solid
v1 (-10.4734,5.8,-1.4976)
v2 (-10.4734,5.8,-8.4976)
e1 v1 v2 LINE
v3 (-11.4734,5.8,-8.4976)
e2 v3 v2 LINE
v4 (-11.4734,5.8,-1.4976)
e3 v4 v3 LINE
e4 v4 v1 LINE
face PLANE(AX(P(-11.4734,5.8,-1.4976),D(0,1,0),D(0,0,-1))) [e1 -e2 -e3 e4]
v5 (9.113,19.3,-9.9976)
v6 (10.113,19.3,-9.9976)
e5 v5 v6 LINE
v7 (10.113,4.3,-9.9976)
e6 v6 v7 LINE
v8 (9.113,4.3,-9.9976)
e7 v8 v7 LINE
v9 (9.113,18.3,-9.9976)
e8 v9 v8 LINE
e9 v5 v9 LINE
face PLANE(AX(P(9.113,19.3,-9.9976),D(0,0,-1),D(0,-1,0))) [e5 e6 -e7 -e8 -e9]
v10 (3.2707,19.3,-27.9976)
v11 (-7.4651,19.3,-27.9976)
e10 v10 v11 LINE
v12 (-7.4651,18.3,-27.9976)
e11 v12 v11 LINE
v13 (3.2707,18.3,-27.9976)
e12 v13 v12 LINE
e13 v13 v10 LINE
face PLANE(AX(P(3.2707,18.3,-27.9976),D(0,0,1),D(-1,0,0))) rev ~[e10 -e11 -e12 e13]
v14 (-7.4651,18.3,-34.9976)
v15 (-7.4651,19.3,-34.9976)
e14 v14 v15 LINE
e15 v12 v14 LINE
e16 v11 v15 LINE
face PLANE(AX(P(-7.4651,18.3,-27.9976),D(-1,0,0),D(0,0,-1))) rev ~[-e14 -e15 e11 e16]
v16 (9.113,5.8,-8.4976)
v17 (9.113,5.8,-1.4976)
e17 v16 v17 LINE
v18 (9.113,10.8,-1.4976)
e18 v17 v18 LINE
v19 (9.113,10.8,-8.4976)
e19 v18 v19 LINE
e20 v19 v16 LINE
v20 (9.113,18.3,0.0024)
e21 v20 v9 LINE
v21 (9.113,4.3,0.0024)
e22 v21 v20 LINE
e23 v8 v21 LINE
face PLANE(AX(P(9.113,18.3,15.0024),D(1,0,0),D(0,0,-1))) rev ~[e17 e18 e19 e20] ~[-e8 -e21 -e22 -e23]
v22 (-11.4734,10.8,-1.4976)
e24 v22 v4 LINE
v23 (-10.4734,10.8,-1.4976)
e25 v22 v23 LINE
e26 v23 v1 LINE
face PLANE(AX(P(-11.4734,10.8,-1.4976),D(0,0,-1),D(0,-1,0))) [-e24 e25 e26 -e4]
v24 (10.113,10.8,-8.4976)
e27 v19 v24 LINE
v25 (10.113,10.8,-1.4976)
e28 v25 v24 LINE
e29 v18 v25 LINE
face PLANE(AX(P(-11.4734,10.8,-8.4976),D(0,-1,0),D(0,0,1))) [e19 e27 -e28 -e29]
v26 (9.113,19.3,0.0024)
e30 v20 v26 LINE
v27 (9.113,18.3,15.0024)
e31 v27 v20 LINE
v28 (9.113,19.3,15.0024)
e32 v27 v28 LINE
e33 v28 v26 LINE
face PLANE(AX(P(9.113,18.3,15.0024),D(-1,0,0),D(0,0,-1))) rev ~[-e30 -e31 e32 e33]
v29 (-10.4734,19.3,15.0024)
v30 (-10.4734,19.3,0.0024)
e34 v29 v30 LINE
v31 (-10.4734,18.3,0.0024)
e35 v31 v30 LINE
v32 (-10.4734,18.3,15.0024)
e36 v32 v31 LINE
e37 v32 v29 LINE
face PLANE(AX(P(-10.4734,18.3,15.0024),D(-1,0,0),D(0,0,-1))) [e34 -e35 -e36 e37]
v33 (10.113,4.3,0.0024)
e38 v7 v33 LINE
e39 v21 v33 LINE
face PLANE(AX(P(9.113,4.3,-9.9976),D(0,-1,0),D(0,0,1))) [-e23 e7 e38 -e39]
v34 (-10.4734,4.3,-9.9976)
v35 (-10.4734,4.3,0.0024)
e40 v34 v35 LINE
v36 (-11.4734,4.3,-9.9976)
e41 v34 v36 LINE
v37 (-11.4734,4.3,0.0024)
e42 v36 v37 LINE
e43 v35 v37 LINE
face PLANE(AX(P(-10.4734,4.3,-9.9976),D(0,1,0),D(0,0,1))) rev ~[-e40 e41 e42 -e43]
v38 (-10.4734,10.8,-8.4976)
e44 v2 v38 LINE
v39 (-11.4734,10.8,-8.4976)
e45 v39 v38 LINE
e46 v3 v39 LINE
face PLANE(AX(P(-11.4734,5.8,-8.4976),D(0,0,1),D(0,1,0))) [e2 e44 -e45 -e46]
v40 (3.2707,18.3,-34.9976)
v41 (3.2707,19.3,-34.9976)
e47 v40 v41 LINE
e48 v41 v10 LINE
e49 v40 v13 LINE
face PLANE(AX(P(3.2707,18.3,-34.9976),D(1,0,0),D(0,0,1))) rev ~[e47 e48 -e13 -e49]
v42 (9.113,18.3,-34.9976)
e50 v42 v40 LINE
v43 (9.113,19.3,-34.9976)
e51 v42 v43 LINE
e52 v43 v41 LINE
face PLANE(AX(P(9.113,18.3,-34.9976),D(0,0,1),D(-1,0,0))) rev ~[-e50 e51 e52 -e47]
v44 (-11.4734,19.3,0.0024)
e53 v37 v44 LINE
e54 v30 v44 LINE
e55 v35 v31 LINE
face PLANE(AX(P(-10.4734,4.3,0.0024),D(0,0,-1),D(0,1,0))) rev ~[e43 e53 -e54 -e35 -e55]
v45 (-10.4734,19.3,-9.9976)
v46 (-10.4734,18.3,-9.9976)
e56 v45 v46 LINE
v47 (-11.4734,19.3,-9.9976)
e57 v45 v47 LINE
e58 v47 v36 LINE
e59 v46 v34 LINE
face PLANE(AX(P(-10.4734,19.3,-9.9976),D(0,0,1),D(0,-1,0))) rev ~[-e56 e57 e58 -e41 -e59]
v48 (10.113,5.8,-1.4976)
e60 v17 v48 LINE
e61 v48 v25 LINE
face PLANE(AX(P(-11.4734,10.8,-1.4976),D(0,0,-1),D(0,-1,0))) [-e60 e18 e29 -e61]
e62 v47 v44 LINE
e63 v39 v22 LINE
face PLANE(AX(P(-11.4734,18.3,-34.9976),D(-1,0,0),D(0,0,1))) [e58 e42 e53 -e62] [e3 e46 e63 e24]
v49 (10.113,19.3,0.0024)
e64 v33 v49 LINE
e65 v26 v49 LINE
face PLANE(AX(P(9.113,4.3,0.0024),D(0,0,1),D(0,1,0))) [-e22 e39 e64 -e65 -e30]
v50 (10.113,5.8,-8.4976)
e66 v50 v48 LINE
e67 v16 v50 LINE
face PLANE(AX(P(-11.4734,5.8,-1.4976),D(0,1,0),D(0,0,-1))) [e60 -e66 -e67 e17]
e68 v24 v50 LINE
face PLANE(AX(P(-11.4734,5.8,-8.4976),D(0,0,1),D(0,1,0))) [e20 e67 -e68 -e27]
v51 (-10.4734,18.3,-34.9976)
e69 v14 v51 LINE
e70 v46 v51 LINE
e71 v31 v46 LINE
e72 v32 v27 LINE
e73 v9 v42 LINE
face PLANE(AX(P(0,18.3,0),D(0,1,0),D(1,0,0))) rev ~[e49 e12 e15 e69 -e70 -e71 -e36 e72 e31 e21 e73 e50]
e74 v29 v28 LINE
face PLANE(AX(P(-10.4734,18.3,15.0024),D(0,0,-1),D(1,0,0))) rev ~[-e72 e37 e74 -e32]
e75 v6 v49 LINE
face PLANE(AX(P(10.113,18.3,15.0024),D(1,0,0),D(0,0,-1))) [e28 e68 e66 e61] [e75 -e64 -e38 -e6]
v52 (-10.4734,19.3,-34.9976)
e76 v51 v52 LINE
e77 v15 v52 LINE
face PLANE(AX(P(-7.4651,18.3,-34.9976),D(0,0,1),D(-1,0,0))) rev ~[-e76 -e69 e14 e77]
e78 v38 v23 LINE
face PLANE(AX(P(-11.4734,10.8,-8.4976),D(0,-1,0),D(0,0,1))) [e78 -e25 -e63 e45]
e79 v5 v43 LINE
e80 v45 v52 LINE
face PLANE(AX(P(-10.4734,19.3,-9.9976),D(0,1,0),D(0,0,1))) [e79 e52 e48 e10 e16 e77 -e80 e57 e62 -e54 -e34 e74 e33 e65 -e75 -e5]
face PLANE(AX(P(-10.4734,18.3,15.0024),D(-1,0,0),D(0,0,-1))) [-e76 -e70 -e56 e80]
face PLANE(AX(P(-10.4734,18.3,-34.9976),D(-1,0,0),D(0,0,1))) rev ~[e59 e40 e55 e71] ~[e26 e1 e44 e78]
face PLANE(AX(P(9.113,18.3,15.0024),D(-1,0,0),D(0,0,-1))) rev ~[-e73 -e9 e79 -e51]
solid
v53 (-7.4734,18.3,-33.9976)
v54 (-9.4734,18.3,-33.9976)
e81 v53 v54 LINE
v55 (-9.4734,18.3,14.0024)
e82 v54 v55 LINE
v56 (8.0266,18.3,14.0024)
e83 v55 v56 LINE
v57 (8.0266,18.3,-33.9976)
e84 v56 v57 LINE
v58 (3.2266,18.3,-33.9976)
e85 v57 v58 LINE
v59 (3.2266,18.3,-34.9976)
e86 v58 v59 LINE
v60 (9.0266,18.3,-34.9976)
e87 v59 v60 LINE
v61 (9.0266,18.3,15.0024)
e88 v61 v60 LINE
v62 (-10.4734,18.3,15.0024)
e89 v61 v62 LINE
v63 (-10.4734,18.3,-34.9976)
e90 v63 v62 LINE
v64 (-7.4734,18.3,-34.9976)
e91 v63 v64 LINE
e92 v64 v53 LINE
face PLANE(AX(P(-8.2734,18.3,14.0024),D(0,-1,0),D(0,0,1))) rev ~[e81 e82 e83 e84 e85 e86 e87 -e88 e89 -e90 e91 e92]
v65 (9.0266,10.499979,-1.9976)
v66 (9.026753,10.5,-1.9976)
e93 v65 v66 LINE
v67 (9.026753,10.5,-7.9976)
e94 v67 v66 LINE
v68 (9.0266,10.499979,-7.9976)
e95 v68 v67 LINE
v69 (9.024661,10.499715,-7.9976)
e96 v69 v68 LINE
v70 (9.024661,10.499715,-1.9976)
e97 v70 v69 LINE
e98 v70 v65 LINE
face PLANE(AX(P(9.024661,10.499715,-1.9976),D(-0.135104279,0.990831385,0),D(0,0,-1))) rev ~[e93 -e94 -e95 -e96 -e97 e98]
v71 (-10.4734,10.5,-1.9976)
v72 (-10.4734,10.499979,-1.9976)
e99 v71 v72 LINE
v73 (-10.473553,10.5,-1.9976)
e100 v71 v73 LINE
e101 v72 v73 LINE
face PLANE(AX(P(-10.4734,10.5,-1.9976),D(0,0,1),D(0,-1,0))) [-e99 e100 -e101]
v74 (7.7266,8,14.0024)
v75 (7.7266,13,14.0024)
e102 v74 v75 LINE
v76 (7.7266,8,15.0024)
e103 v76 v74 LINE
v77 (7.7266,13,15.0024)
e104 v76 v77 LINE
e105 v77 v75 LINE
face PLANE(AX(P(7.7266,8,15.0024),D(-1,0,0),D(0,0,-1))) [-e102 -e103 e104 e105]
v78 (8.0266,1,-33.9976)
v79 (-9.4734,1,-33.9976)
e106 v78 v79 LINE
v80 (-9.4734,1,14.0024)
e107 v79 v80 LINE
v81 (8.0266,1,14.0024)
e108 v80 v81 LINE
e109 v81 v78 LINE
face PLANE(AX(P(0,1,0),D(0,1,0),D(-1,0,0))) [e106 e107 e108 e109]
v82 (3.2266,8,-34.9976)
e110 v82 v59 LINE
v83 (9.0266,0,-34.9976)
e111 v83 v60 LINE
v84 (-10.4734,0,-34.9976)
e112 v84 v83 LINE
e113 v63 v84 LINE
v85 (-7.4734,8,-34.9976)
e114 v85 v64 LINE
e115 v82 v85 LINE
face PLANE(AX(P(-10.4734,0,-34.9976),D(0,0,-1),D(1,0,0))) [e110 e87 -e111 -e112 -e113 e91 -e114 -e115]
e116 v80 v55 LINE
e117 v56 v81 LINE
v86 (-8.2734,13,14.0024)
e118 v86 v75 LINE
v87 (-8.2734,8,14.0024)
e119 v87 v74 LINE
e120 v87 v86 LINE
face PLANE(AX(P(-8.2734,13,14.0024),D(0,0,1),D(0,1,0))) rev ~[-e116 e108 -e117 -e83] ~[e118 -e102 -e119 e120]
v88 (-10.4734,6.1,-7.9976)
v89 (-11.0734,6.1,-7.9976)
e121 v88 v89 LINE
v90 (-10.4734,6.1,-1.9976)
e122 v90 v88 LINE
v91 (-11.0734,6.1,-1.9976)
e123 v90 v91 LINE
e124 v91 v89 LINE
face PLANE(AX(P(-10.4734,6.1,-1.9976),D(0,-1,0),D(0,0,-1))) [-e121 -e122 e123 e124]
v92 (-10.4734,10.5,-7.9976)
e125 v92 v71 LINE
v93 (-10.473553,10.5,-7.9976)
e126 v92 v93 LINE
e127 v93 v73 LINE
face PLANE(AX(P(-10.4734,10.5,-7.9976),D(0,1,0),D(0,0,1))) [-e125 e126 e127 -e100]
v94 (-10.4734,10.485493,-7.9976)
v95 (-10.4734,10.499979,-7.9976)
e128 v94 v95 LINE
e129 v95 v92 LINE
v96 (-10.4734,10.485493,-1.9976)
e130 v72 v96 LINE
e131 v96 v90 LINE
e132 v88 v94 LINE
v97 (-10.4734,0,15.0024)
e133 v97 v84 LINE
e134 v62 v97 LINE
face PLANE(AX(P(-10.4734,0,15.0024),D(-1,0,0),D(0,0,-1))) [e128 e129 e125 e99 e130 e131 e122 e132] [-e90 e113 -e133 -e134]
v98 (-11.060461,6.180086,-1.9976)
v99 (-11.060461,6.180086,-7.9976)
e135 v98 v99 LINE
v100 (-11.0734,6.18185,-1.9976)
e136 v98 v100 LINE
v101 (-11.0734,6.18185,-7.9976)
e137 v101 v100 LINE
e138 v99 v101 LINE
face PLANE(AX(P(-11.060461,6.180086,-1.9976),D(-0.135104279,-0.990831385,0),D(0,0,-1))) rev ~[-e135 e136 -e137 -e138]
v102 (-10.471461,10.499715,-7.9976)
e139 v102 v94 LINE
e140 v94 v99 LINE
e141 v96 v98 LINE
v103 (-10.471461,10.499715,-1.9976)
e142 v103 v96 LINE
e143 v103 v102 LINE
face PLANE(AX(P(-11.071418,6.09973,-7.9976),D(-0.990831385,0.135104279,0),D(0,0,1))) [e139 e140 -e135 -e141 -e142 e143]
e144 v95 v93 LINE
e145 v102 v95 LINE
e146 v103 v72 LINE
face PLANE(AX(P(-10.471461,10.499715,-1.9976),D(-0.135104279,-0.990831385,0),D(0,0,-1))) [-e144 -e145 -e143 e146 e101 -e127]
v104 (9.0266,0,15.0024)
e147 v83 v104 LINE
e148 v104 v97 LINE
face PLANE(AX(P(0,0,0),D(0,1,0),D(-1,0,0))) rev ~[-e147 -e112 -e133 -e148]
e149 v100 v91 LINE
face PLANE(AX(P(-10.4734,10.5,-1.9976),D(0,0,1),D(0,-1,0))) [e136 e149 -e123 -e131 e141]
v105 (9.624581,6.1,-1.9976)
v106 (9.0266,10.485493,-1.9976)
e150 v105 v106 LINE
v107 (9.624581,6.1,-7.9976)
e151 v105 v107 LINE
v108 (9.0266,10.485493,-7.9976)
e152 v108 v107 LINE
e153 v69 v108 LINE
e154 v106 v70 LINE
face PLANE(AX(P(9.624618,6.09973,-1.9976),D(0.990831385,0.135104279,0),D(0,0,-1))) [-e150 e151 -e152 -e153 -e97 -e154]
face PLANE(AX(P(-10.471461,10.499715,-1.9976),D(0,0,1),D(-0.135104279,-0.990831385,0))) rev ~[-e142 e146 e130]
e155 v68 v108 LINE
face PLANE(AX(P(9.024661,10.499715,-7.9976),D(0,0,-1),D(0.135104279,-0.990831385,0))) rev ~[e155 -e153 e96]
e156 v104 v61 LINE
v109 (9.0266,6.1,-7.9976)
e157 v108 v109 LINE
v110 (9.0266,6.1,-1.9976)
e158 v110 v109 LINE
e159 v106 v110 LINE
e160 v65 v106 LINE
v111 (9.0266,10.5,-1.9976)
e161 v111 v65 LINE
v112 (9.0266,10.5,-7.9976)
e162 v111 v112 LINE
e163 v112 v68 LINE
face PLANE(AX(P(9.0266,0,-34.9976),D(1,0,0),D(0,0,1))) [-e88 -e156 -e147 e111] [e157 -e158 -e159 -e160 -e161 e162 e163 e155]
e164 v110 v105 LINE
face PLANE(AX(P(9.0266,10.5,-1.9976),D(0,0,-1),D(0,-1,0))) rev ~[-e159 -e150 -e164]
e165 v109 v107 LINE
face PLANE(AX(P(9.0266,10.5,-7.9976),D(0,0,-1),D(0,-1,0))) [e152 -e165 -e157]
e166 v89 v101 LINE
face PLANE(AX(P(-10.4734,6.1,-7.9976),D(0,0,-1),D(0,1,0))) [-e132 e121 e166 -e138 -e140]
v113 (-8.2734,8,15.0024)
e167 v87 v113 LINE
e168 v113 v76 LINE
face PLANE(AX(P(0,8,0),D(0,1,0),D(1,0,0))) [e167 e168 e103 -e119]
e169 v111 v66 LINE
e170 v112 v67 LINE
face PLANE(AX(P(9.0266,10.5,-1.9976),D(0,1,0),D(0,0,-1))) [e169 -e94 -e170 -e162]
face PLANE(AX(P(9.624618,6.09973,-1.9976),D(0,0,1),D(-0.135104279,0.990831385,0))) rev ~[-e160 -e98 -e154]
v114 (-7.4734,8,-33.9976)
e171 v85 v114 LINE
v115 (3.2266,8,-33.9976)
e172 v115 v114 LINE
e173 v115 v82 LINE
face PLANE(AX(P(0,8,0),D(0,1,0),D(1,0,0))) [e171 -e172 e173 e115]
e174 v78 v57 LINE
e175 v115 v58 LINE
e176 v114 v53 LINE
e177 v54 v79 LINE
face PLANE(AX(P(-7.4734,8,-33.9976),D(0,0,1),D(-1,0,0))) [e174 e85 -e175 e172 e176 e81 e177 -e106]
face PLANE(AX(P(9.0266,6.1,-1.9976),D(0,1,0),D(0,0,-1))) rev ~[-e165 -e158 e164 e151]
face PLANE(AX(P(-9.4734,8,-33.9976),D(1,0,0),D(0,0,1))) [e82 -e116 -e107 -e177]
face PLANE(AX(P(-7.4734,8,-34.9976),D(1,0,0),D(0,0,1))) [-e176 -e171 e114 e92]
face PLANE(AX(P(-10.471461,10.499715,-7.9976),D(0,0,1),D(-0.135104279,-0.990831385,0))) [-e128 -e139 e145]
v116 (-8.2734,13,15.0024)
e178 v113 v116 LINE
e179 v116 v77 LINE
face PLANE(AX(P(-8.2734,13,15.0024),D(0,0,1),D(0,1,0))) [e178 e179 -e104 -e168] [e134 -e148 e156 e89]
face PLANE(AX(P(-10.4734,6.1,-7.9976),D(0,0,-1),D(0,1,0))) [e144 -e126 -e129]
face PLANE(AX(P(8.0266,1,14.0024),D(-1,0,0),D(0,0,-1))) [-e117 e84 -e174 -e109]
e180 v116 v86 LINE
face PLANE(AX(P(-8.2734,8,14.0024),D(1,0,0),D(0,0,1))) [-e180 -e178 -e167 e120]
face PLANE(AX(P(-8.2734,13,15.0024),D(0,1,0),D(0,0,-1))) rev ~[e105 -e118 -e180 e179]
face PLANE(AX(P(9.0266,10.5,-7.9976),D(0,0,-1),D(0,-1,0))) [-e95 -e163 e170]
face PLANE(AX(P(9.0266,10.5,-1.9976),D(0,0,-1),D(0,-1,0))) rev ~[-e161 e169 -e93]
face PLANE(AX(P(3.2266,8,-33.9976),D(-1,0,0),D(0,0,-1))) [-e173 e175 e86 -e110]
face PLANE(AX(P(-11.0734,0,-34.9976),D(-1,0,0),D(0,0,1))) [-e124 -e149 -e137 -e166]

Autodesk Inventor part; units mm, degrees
ref_plane "YZ Plane" through (0, 0, 0) normal (1, 0, 0) x (0, 1, 0)
sketch "Sketch1" plane through (0, 0, 0) normal (0, 1, 0) x (-1, 0, 0)
  line L0 (-9.0266, 15.0024) -> (10.4734, 15.0024)
  line L1 (10.4734, 15.0024) -> (10.4734, -34.9976)
  line L2 (10.4734, -34.9976) -> (-9.0266, -34.9976)
  line L3 (-9.0266, -34.9976) -> (-9.0266, 15.0024)
  point P0 (0, 0)
  dimension "d0" = 19.5
  dimension "d1" = 50
extrude "Extrusion1" add sketch "Sketch1" along normal blind 1
sketch "Sketch2" plane through (0, 1, 0) normal (0, 1, 0) x (1, 0, 0)
  line L0 (-9.4734, -14.0024) -> (8.0266, -14.0024)
  line L1 (8.0266, -14.0024) -> (8.0266, 33.9976)
  line L2 (8.0266, 33.9976) -> (-9.4734, 33.9976)
  line L3 (-9.4734, 33.9976) -> (-9.4734, -14.0024)
  line L4 (-10.4734, 34.9976) -> (-10.4734, -15.0024) projected
  line L5 (9.0266, -15.0024) -> (9.0266, 34.9976) projected
  line L6 (-10.4734, -15.0024) -> (9.0266, -15.0024) projected
  line L7 (9.0266, 34.9976) -> (-10.4734, 34.9976) projected
  point P0 (0, 0)
  dimension "d4" = 1
  dimension "d5" = 1
  dimension "d6" = 1
  dimension "d7" = 1
extrude "Extrusion2" add sketch "Sketch2" along normal blind 7
sketch "Sketch3" plane through (0, 8, 0) normal (0, 1, 0) x (1, 0, 0)
  line L0 (9.0266, -15.0024) -> (-10.4734, -15.0024) projected
  line L1 (-10.4734, 34.9976) -> (9.0266, 34.9976) projected
  line L2 (-10.4734, -15.0024) -> (9.0266, -15.0024)
  line L3 (9.0266, -15.0024) -> (9.0266, 34.9976)
  line L4 (9.0266, 34.9976) -> (-10.4734, 34.9976)
  line L5 (-10.4734, 34.9976) -> (-10.4734, -15.0024)
  line L6 (-9.4734, 33.9976) -> (-9.4734, -14.0024) projected
  line L7 (8.0266, 33.9976) -> (-9.4734, 33.9976) projected
  line L8 (-9.4734, -14.0024) -> (8.0266, -14.0024)
  line L9 (8.0266, -14.0024) -> (8.0266, 33.9976)
  line L10 (8.0266, 33.9976) -> (-9.4734, 33.9976)
  line L11 (-9.4734, 33.9976) -> (-9.4734, -14.0024)
  line L12 (-9.4734, -14.0024) -> (8.0266, -14.0024) projected
  line L13 (7.7266, -14.0024) -> (-8.2734, -14.0024)
  line L14 (-8.2734, -14.0024) -> (-8.2734, -15.0024)
  line L15 (-8.2734, -15.0024) -> (7.7266, -15.0024)
  line L16 (7.7266, -15.0024) -> (7.7266, -14.0024)
  line L17 (-7.4734, 33.9976) -> (3.2266, 33.9976)
  line L18 (3.2266, 33.9976) -> (3.2266, 34.9976)
  line L19 (3.2266, 34.9976) -> (-7.4734, 34.9976)
  line L20 (-7.4734, 34.9976) -> (-7.4734, 33.9976)
  point P0 (0, 0)
  dimension "d10" = 0.3
  dimension "d11" = 16
  dimension "d12" = 2
  dimension "d13" = 10.7
extrude "Extrusion3" add sketch "Sketch3" along normal blind 10.3 contours L0 L16 L8 L9 L7 L18 L1 L3 | L0 L5 L1 L20 L7 L6 L8 L14
sketch "Sketch4" plane through (0, 18.3, 0) normal (0, 1, 0) x (1, 0, 0)
  line L0 (-10.4734, -15.0024) -> (-10.4734, 34.9976) projected
  line L1 (-10.4734, -15.0024) -> (9.113, -15.0024)
  line L2 (9.113, -15.0024) -> (9.113, 34.9976)
  line L3 (9.113, 34.9976) -> (-10.4734, 34.9976)
  line L4 (-10.4734, 34.9976) -> (-10.4734, -15.0024)
  line L5 (-7.4651, 34.9976) -> (3.2707, 34.9976)
  line L6 (3.2707, 34.9976) -> (3.2707, 27.9976)
  line L7 (3.2707, 27.9976) -> (-7.4651, 27.9976)
  line L8 (-7.4651, 27.9976) -> (-7.4651, 34.9976)
  point P0 (0, 0)
  dimension "d16" = 7
  dimension "d50" = 50
sketch "Sketch5" plane through (-8.2734, 8, 15.0024) normal (1, 0, 0) x (0, 0, -1)
  line L0 (1, 0) -> (1, 10.3) projected
  line L1 (0, 0) -> (0, 10.3) projected
  line L2 (1, 10.3) -> (0, 10.3)
  line L3 (0, 10.3) -> (0, 5)
  line L4 (0, 5) -> (1, 5)
  line L5 (1, 5) -> (1, 10.3)
  point P0 (15.0024, -8)
  dimension "d17" = 5
extrude "Extrusion4" add sketch "Sketch5" along normal blind 17
extrude "Extrusion5" add sketch "Sketch4" along normal blind 1 separate body contours L0 L3 L8 L7 L6 L2 L1
sketch "Sketch6" plane through (9.113, 18.3, 15.0024) normal (1, 0, 0) x (0, 0, -1)
  line L0 (50, 1) -> (0, 1) projected
  line L1 (15, 1) -> (25, 1)
  line L2 (25, 1) -> (25, -14)
  line L3 (25, -14) -> (15, -14)
  line L4 (15, -14) -> (15, 1)
  line L5 (0, 0) -> (0, 1) projected
  point P0 (15.0024, -18.3)
  dimension "d22" = 10
  dimension "d23" = 15
  dimension "d24" = 15
extrude "Extrusion6" add sketch "Sketch6" along normal blind 1 bodies 2
sketch "Sketch7" plane through (-10.4734, 18.3, -34.9976) normal (-1, 0, 0) x (0, 0, 1)
  line L0 (0, 1) -> (50, 1) projected
  line L1 (35, 1) -> (25, 1)
  line L2 (25, 1) -> (25, -14)
  line L3 (25, -14) -> (35, -14)
  line L4 (35, -14) -> (35, 1)
  line L5 (50, 0) -> (50, 1) projected
  point P0 (34.9976, -18.3)
  dimension "d27" = 15
  dimension "d28" = 15
  dimension "d29" = 10
extrude "Extrusion7" add sketch "Sketch7" along normal blind 1 bodies 2
sketch "Sketch8" plane through (-11.4734, 18.3, -34.9976) normal (-1, 0, 0) x (0, 0, 1)
  line L0 (33.5, -12.5) -> (26.5, -12.5)
  line L1 (26.5, -12.5) -> (26.5, -7.5)
  line L2 (26.5, -7.5) -> (33.5, -7.5)
  line L3 (33.5, -7.5) -> (33.5, -12.5)
  line L4 (35, -14) -> (35, 1) projected
  line L5 (25, 1) -> (25, -14) projected
  line L6 (25, -14) -> (35, -14) projected
  point P0 (34.9976, -18.3)
  dimension "d32" = 1.5
  dimension "d33" = 1.5
  dimension "d34" = 5
  dimension "d35" = 1.5
extrude "Extrusion8" cut sketch "Sketch8" against normal blind 25 bodies 2
sketch "Sketch9" plane through (-10.4734, 0, -34.9976) normal (-1, 0, 0) x (0, 0, 1)
  line L0 (33, 6.1) -> (27, 6.1)
  line L1 (27, 6.1) -> (27, 10.5)
  line L2 (27, 10.5) -> (33, 10.5)
  line L3 (33, 10.5) -> (33, 6.1)
  line L4 (33.5, 10.8) -> (33.5, 5.8) projected
  line L5 (26.5, 5.8) -> (26.5, 10.8) projected
  line L6 (33.5, 5.8) -> (26.5, 5.8) projected
  line L7 (26.5, 10.8) -> (33.5, 10.8) projected
  point P0 (34.9976, 0)
  dimension "d38" = 0.5
  dimension "d39" = 0.5
  dimension "d40" = 0.3
  dimension "d41" = 0.3
extrude "Extrusion9" add sketch "Sketch9" along normal blind 0.6 contours L0 L1 L2 L3 bodies 1
ref_plane "Work Plane1" through (-11.0734, 6.1, -7.9976) normal (-0.9908, 0.1351, 0) x (0, 0, 1)
sketch "Sketch10" plane through (-11.0734, 6.1, -7.9976) normal (-0.9908, 0.1351, 0) x (0, 0, 1)
  line L0 (6, 4.4407) -> (6, 0.0811) projected
  line L1 (6, 0.0811) -> (0, 0.0811) projected
  line L2 (6, 4.4407) -> (0, 4.4407)
  line L3 (0, 4.4407) -> (0, 0.0811)
  line L4 (0, 0.0811) -> (6, 0.0811)
  line L5 (6, 0.0811) -> (6, 4.4407)
  point P0 (7.9976, -4.5479)
extrude "Extrusion10" cut sketch "Sketch10" along normal blind 0.6 bodies 1
sketch "Sketch11" plane through (9.0266, 0, 15.0024) normal (1, 0, 0) x (0, 0, -1)
  line L0 (17, 6.1) -> (23, 6.1) projected
  line L1 (17, 10.5) -> (17, 6.1) projected
  line L2 (23, 6.1) -> (17, 6.1)
  line L3 (17, 6.1) -> (17, 10.5)
  line L4 (17, 10.5) -> (23, 10.5)
  line L5 (23, 10.5) -> (23, 6.1)
  point P0 (15.0024, 0)
extrude "Extrusion11" add sketch "Sketch11" along normal blind 0.6 bodies 1
ref_plane "Work Plane2" through (9.6266, 6.1, -1.9976) normal (0.9908, 0.1351, 0) x (0, 0, -1)
sketch "Sketch12" plane through (9.6266, 6.1, -1.9976) normal (0.9908, 0.1351, 0) x (0, 0, -1)
  line L0 (0, 4.4407) -> (6, 4.4407) projected
  line L1 (6, 0) -> (6, 4.3597) projected
  line L2 (0, 4.4407) -> (6, 4.4407)
  line L3 (6, 4.4407) -> (6, 0)
  line L4 (6, 0) -> (0, 0)
  line L5 (0, 0) -> (0, 4.4407)
  point P0 (-1.9976, -4.7434)
extrude "Extrusion12" cut sketch "Sketch12" along normal blind 0.6 bodies 1
properties part number "TCampBox"
